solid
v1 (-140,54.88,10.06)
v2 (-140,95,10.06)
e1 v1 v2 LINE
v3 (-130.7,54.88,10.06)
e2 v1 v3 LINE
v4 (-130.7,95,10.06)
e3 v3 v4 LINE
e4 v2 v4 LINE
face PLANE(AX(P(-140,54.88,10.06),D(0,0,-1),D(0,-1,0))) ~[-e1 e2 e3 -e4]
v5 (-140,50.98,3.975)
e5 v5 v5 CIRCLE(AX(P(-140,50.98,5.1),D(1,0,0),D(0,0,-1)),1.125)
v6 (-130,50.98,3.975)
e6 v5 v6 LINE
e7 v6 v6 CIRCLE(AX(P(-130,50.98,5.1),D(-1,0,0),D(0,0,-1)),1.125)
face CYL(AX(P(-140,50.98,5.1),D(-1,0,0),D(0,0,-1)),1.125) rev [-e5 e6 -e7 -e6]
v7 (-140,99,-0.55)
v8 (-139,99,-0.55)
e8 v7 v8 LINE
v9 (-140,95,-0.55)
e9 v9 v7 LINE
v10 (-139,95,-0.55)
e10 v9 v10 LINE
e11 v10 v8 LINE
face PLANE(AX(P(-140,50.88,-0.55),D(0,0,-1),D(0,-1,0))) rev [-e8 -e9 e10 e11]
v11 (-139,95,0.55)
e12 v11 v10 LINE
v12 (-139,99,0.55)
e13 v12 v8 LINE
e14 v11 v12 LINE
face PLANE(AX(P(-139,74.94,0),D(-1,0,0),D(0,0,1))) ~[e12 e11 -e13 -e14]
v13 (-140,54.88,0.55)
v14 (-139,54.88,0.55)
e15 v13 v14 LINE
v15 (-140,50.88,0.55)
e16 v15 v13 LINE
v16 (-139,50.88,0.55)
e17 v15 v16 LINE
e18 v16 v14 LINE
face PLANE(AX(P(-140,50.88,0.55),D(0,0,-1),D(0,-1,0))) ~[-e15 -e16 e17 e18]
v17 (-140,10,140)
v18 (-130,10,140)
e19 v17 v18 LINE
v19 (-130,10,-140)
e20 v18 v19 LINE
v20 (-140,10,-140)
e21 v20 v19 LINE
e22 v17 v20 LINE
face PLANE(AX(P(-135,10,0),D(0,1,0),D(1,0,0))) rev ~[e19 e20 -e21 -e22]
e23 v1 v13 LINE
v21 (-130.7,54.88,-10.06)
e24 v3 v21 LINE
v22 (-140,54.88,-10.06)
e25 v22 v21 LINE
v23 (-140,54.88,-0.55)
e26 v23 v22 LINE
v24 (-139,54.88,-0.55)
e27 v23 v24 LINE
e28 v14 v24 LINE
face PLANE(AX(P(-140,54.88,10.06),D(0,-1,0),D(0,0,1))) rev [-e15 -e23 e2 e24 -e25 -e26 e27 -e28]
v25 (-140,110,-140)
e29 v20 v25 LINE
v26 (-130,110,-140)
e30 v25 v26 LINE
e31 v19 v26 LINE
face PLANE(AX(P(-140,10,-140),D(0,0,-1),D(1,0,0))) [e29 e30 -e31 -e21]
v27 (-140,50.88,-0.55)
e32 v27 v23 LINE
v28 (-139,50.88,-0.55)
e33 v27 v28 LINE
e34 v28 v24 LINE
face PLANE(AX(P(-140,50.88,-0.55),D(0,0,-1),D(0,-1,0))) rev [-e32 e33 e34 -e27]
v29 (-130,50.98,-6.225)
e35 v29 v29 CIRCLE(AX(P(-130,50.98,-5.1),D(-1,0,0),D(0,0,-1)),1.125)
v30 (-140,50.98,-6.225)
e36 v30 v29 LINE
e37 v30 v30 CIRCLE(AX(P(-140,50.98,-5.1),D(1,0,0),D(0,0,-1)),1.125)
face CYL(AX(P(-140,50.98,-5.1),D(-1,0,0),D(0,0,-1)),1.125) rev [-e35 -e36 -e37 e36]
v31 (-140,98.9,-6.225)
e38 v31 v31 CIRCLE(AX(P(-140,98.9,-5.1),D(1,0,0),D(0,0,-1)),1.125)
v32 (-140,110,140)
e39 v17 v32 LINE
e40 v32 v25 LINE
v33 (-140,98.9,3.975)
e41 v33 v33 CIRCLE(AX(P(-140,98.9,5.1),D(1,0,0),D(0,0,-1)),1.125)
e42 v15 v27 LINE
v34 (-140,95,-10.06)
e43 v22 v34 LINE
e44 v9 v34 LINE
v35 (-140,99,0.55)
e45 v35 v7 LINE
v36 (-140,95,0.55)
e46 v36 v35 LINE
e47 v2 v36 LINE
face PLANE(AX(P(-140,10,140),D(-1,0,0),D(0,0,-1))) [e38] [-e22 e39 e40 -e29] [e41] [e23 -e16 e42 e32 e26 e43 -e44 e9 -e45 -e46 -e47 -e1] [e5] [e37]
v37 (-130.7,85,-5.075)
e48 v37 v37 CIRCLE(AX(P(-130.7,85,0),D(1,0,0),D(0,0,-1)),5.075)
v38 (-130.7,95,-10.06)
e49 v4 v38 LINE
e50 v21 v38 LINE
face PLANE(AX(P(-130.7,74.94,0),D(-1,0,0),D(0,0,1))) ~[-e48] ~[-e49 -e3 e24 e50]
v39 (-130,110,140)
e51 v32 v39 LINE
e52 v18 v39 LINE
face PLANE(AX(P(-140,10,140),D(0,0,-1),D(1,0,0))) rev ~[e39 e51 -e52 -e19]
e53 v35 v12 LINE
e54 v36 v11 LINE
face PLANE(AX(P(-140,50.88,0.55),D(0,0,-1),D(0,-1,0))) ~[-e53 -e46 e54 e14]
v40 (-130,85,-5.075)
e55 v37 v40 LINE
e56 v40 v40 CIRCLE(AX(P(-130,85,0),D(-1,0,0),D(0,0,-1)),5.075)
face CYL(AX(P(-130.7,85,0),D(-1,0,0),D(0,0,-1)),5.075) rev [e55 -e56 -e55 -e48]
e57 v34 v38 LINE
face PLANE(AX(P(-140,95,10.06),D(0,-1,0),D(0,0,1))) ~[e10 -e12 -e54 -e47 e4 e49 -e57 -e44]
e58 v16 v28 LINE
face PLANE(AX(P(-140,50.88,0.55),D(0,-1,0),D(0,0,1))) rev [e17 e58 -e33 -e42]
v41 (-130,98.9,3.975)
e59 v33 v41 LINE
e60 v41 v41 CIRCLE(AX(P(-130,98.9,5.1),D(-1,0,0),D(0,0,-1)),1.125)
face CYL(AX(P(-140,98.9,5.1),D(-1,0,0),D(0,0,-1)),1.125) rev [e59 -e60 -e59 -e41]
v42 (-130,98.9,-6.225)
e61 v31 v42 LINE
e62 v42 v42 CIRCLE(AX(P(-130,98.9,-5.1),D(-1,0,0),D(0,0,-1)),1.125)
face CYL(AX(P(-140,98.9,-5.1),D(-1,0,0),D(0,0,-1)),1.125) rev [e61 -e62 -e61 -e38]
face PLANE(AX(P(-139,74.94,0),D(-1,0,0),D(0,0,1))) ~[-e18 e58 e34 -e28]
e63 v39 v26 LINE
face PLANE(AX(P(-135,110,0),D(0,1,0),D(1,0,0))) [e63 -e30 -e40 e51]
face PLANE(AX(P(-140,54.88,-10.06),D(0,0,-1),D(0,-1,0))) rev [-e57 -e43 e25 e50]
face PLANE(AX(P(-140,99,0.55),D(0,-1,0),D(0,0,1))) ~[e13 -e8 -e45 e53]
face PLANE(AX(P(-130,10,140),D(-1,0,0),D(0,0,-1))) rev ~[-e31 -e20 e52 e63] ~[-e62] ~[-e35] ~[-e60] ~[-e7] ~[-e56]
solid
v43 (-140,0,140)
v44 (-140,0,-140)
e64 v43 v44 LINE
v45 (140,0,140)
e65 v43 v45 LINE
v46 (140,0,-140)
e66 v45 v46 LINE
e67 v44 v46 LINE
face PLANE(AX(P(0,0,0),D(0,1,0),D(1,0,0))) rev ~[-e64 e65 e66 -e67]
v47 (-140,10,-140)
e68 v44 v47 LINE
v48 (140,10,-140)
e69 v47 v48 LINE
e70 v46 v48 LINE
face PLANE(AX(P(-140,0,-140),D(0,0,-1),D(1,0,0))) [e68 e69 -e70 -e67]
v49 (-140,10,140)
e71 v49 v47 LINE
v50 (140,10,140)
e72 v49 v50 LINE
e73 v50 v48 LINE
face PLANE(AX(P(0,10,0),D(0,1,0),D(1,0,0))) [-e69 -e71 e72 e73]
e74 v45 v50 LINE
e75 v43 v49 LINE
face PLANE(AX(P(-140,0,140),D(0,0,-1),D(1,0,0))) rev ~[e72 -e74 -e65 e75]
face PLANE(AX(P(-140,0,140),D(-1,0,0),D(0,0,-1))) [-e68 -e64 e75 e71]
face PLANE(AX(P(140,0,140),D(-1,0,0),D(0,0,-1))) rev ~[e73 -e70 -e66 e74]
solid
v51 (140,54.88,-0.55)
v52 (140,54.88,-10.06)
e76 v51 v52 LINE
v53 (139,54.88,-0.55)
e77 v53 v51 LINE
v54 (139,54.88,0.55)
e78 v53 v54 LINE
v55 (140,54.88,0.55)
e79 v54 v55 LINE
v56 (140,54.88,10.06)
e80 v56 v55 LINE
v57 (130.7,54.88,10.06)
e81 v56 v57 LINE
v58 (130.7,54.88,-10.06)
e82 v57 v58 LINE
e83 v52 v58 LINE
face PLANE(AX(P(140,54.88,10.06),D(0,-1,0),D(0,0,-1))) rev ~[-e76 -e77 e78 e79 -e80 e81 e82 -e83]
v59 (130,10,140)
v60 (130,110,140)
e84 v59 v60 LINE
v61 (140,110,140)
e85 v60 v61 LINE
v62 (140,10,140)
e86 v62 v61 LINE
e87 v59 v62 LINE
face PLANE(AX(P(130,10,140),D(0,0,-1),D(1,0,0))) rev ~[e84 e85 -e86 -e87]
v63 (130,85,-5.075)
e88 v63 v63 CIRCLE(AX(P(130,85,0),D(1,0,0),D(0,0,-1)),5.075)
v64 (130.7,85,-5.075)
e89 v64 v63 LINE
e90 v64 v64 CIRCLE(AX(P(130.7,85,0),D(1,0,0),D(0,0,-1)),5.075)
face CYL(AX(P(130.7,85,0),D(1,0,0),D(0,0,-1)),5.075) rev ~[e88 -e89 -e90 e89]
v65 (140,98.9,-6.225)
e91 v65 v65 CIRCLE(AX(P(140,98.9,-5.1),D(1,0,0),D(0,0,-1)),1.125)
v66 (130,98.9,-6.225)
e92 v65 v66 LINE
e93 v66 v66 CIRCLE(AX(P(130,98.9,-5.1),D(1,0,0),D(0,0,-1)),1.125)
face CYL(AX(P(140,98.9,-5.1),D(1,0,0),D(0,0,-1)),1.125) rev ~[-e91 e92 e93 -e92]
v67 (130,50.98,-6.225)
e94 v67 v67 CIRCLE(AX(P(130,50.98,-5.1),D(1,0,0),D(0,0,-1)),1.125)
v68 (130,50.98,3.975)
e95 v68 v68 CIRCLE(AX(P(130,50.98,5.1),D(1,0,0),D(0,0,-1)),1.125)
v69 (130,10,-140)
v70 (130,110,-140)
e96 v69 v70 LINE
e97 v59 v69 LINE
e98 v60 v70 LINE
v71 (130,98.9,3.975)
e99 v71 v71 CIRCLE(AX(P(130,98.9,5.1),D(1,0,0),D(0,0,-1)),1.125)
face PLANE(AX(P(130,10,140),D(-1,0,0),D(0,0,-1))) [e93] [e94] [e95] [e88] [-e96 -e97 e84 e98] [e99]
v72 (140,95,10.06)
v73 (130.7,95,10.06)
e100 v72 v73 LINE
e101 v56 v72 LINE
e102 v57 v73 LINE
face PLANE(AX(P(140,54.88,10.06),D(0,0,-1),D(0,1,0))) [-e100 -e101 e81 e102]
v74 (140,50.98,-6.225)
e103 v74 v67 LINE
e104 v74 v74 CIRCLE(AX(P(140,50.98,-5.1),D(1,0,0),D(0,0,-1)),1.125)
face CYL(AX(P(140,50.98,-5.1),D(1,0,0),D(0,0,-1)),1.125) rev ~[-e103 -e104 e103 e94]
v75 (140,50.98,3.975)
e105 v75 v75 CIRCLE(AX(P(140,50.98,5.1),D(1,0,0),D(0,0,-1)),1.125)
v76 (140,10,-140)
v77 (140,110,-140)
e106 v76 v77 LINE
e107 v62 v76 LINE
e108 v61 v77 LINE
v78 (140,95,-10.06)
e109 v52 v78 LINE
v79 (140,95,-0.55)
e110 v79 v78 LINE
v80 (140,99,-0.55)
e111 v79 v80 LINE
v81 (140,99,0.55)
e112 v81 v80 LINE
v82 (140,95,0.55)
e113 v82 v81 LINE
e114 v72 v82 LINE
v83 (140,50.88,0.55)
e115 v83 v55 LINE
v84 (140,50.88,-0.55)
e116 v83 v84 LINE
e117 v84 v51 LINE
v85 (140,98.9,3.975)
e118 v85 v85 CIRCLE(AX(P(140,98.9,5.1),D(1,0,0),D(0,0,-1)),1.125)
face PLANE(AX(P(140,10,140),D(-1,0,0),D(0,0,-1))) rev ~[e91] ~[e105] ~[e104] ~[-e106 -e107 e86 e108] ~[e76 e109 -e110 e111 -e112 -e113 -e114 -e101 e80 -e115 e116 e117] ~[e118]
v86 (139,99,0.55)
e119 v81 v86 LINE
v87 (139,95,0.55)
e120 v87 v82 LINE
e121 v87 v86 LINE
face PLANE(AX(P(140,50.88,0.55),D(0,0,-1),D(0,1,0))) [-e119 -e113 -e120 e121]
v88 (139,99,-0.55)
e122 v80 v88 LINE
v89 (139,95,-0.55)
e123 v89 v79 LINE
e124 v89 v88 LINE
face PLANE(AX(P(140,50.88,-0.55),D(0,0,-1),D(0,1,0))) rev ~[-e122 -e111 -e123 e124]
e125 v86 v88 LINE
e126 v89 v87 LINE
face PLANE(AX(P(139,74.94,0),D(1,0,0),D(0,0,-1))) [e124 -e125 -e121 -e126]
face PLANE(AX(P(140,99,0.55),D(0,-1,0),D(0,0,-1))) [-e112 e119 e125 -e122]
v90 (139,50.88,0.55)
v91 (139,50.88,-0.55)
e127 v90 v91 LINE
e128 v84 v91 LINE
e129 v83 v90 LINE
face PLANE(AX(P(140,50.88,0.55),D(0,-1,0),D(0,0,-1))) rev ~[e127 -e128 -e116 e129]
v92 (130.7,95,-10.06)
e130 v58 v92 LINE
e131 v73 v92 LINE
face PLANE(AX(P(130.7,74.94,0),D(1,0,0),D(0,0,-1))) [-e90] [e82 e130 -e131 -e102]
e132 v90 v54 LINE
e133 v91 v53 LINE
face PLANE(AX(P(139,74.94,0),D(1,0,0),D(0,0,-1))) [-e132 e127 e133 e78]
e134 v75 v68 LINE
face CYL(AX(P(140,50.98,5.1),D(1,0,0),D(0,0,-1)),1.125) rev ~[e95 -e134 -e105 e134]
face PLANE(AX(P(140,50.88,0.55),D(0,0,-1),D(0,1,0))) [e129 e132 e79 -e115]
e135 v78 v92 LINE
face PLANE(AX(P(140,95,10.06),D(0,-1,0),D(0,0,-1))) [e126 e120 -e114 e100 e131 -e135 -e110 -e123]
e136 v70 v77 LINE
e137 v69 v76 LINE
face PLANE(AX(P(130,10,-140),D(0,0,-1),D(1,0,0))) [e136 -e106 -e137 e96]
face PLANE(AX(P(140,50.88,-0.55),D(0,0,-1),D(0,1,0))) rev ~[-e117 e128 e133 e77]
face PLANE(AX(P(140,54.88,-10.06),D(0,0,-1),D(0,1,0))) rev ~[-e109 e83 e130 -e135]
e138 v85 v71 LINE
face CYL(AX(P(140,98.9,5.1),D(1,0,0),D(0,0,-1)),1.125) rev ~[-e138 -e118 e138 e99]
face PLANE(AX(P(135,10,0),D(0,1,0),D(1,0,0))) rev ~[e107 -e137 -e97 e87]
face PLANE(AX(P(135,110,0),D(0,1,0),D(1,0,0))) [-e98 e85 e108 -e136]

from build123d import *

# Parameters (mm, degrees)
SKETCH1_W             = 280
SKETCH1_H             = 280
BOSS_EXTRUDE1_DEPTH   = 10
SKETCH3_W             = 10
SKETCH3_H             = 280
BOSS_EXTRUDE2_DEPTH   = 100
BOSS_EXTRUDE2_2_DEPTH = 100
SKETCH4_W             = 20.12
SKETCH4_H             = 40.12
CUT_EXTRUDE2_DEPTH    = 9.3
SKETCH8_W             = 1.1
SKETCH8_H             = 48.12
CUT_EXTRUDE5_DEPTH    = 1
SKETCH5_R             = 5.075
CUT_EXTRUDE3_DEPTH    = 10
SKETCH7_R             = 1.125
CUT_EXTRUDE4_DEPTH    = 20


with BuildPart() as part:
    # Sketch1 → Boss-Extrude1 (new body)
    with BuildSketch(Plane(origin=(0, 0, 0), x_dir=(1, 0, 0), z_dir=(0, 1, 0))):
        Rectangle(SKETCH1_W, SKETCH1_H)
    extrude(amount=BOSS_EXTRUDE1_DEPTH)


with BuildPart() as body_2:
    # Sketch3 → Boss-Extrude2 (new body)
    with BuildSketch(Plane(origin=(0, 10, 0), x_dir=(1, 0, 0), z_dir=(0, 1, 0))):
        with Locations((135, 0)):
            Rectangle(SKETCH3_W, SKETCH3_H)
    extrude(amount=BOSS_EXTRUDE2_DEPTH)

    # Sketch4 → Cut-Extrude2 (cut)
    with BuildSketch(Plane(origin=(140, 0, 0), x_dir=(0, 0, -1), z_dir=(1, 0, 0))):
        with Locations((0, 74.94)):
            Rectangle(SKETCH4_W, SKETCH4_H)
    cut_extrude2 = extrude(amount=-CUT_EXTRUDE2_DEPTH, mode=Mode.SUBTRACT)

    # Sketch8 → Cut-Extrude5 (cut)
    with BuildSketch(Plane(origin=(140, 0, 0), x_dir=(0, 0, -1), z_dir=(1, 0, 0))):
        with Locations((0, 74.94)):
            Rectangle(SKETCH8_W, SKETCH8_H)
    cut_extrude5 = extrude(amount=-CUT_EXTRUDE5_DEPTH, mode=Mode.SUBTRACT)

    # Sketch5 → Cut-Extrude3 (cut)
    with BuildSketch(Plane(origin=(130.7, 0, 0), x_dir=(0, 0, -1), z_dir=(1, 0, 0))):
        with Locations((0, 85)):
            Circle(SKETCH5_R)
    cut_extrude3 = extrude(amount=-CUT_EXTRUDE3_DEPTH, mode=Mode.SUBTRACT)

    # Sketch7 → Cut-Extrude4 (cut)
    with BuildSketch(Plane(origin=(140, 0, 0), x_dir=(0, 0, -1), z_dir=(1, 0, 0))):
        with Locations((-5.1, 98.9)):
            Circle(SKETCH7_R)
        with Locations((5.1, 98.9)):
            Circle(SKETCH7_R)
        with Locations((5.1, 50.98)):
            Circle(SKETCH7_R)
        with Locations((-5.1, 50.98)):
            Circle(SKETCH7_R)
    cut_extrude4 = extrude(amount=-CUT_EXTRUDE4_DEPTH, mode=Mode.SUBTRACT)


with BuildPart() as body_3:
    # Sketch3 → Boss-Extrude2 2 (new body)
    with BuildSketch(Plane(origin=(0, 10, 0), x_dir=(1, 0, 0), z_dir=(0, 1, 0))):
        with Locations((-135, 0)):
            Rectangle(SKETCH3_W, SKETCH3_H)
    extrude(amount=BOSS_EXTRUDE2_2_DEPTH)

    # Mirror1: Cut-Extrude2, Cut-Extrude5, Cut-Extrude3, Cut-Extrude4 across plane
    add(cut_extrude2.mirror(Plane(origin=(0, 0, 0), x_dir=(0, 0, 1), z_dir=(1, 0, 0))), mode=Mode.SUBTRACT)
    add(cut_extrude5.mirror(Plane(origin=(0, 0, 0), x_dir=(0, 0, 1), z_dir=(1, 0, 0))), mode=Mode.SUBTRACT)
    add(cut_extrude3.mirror(Plane(origin=(0, 0, 0), x_dir=(0, 0, 1), z_dir=(1, 0, 0))), mode=Mode.SUBTRACT)
    add(cut_extrude4.mirror(Plane(origin=(0, 0, 0), x_dir=(0, 0, 1), z_dir=(1, 0, 0))), mode=Mode.SUBTRACT)


solid = Compound([part.part, body_2.part, body_3.part])
